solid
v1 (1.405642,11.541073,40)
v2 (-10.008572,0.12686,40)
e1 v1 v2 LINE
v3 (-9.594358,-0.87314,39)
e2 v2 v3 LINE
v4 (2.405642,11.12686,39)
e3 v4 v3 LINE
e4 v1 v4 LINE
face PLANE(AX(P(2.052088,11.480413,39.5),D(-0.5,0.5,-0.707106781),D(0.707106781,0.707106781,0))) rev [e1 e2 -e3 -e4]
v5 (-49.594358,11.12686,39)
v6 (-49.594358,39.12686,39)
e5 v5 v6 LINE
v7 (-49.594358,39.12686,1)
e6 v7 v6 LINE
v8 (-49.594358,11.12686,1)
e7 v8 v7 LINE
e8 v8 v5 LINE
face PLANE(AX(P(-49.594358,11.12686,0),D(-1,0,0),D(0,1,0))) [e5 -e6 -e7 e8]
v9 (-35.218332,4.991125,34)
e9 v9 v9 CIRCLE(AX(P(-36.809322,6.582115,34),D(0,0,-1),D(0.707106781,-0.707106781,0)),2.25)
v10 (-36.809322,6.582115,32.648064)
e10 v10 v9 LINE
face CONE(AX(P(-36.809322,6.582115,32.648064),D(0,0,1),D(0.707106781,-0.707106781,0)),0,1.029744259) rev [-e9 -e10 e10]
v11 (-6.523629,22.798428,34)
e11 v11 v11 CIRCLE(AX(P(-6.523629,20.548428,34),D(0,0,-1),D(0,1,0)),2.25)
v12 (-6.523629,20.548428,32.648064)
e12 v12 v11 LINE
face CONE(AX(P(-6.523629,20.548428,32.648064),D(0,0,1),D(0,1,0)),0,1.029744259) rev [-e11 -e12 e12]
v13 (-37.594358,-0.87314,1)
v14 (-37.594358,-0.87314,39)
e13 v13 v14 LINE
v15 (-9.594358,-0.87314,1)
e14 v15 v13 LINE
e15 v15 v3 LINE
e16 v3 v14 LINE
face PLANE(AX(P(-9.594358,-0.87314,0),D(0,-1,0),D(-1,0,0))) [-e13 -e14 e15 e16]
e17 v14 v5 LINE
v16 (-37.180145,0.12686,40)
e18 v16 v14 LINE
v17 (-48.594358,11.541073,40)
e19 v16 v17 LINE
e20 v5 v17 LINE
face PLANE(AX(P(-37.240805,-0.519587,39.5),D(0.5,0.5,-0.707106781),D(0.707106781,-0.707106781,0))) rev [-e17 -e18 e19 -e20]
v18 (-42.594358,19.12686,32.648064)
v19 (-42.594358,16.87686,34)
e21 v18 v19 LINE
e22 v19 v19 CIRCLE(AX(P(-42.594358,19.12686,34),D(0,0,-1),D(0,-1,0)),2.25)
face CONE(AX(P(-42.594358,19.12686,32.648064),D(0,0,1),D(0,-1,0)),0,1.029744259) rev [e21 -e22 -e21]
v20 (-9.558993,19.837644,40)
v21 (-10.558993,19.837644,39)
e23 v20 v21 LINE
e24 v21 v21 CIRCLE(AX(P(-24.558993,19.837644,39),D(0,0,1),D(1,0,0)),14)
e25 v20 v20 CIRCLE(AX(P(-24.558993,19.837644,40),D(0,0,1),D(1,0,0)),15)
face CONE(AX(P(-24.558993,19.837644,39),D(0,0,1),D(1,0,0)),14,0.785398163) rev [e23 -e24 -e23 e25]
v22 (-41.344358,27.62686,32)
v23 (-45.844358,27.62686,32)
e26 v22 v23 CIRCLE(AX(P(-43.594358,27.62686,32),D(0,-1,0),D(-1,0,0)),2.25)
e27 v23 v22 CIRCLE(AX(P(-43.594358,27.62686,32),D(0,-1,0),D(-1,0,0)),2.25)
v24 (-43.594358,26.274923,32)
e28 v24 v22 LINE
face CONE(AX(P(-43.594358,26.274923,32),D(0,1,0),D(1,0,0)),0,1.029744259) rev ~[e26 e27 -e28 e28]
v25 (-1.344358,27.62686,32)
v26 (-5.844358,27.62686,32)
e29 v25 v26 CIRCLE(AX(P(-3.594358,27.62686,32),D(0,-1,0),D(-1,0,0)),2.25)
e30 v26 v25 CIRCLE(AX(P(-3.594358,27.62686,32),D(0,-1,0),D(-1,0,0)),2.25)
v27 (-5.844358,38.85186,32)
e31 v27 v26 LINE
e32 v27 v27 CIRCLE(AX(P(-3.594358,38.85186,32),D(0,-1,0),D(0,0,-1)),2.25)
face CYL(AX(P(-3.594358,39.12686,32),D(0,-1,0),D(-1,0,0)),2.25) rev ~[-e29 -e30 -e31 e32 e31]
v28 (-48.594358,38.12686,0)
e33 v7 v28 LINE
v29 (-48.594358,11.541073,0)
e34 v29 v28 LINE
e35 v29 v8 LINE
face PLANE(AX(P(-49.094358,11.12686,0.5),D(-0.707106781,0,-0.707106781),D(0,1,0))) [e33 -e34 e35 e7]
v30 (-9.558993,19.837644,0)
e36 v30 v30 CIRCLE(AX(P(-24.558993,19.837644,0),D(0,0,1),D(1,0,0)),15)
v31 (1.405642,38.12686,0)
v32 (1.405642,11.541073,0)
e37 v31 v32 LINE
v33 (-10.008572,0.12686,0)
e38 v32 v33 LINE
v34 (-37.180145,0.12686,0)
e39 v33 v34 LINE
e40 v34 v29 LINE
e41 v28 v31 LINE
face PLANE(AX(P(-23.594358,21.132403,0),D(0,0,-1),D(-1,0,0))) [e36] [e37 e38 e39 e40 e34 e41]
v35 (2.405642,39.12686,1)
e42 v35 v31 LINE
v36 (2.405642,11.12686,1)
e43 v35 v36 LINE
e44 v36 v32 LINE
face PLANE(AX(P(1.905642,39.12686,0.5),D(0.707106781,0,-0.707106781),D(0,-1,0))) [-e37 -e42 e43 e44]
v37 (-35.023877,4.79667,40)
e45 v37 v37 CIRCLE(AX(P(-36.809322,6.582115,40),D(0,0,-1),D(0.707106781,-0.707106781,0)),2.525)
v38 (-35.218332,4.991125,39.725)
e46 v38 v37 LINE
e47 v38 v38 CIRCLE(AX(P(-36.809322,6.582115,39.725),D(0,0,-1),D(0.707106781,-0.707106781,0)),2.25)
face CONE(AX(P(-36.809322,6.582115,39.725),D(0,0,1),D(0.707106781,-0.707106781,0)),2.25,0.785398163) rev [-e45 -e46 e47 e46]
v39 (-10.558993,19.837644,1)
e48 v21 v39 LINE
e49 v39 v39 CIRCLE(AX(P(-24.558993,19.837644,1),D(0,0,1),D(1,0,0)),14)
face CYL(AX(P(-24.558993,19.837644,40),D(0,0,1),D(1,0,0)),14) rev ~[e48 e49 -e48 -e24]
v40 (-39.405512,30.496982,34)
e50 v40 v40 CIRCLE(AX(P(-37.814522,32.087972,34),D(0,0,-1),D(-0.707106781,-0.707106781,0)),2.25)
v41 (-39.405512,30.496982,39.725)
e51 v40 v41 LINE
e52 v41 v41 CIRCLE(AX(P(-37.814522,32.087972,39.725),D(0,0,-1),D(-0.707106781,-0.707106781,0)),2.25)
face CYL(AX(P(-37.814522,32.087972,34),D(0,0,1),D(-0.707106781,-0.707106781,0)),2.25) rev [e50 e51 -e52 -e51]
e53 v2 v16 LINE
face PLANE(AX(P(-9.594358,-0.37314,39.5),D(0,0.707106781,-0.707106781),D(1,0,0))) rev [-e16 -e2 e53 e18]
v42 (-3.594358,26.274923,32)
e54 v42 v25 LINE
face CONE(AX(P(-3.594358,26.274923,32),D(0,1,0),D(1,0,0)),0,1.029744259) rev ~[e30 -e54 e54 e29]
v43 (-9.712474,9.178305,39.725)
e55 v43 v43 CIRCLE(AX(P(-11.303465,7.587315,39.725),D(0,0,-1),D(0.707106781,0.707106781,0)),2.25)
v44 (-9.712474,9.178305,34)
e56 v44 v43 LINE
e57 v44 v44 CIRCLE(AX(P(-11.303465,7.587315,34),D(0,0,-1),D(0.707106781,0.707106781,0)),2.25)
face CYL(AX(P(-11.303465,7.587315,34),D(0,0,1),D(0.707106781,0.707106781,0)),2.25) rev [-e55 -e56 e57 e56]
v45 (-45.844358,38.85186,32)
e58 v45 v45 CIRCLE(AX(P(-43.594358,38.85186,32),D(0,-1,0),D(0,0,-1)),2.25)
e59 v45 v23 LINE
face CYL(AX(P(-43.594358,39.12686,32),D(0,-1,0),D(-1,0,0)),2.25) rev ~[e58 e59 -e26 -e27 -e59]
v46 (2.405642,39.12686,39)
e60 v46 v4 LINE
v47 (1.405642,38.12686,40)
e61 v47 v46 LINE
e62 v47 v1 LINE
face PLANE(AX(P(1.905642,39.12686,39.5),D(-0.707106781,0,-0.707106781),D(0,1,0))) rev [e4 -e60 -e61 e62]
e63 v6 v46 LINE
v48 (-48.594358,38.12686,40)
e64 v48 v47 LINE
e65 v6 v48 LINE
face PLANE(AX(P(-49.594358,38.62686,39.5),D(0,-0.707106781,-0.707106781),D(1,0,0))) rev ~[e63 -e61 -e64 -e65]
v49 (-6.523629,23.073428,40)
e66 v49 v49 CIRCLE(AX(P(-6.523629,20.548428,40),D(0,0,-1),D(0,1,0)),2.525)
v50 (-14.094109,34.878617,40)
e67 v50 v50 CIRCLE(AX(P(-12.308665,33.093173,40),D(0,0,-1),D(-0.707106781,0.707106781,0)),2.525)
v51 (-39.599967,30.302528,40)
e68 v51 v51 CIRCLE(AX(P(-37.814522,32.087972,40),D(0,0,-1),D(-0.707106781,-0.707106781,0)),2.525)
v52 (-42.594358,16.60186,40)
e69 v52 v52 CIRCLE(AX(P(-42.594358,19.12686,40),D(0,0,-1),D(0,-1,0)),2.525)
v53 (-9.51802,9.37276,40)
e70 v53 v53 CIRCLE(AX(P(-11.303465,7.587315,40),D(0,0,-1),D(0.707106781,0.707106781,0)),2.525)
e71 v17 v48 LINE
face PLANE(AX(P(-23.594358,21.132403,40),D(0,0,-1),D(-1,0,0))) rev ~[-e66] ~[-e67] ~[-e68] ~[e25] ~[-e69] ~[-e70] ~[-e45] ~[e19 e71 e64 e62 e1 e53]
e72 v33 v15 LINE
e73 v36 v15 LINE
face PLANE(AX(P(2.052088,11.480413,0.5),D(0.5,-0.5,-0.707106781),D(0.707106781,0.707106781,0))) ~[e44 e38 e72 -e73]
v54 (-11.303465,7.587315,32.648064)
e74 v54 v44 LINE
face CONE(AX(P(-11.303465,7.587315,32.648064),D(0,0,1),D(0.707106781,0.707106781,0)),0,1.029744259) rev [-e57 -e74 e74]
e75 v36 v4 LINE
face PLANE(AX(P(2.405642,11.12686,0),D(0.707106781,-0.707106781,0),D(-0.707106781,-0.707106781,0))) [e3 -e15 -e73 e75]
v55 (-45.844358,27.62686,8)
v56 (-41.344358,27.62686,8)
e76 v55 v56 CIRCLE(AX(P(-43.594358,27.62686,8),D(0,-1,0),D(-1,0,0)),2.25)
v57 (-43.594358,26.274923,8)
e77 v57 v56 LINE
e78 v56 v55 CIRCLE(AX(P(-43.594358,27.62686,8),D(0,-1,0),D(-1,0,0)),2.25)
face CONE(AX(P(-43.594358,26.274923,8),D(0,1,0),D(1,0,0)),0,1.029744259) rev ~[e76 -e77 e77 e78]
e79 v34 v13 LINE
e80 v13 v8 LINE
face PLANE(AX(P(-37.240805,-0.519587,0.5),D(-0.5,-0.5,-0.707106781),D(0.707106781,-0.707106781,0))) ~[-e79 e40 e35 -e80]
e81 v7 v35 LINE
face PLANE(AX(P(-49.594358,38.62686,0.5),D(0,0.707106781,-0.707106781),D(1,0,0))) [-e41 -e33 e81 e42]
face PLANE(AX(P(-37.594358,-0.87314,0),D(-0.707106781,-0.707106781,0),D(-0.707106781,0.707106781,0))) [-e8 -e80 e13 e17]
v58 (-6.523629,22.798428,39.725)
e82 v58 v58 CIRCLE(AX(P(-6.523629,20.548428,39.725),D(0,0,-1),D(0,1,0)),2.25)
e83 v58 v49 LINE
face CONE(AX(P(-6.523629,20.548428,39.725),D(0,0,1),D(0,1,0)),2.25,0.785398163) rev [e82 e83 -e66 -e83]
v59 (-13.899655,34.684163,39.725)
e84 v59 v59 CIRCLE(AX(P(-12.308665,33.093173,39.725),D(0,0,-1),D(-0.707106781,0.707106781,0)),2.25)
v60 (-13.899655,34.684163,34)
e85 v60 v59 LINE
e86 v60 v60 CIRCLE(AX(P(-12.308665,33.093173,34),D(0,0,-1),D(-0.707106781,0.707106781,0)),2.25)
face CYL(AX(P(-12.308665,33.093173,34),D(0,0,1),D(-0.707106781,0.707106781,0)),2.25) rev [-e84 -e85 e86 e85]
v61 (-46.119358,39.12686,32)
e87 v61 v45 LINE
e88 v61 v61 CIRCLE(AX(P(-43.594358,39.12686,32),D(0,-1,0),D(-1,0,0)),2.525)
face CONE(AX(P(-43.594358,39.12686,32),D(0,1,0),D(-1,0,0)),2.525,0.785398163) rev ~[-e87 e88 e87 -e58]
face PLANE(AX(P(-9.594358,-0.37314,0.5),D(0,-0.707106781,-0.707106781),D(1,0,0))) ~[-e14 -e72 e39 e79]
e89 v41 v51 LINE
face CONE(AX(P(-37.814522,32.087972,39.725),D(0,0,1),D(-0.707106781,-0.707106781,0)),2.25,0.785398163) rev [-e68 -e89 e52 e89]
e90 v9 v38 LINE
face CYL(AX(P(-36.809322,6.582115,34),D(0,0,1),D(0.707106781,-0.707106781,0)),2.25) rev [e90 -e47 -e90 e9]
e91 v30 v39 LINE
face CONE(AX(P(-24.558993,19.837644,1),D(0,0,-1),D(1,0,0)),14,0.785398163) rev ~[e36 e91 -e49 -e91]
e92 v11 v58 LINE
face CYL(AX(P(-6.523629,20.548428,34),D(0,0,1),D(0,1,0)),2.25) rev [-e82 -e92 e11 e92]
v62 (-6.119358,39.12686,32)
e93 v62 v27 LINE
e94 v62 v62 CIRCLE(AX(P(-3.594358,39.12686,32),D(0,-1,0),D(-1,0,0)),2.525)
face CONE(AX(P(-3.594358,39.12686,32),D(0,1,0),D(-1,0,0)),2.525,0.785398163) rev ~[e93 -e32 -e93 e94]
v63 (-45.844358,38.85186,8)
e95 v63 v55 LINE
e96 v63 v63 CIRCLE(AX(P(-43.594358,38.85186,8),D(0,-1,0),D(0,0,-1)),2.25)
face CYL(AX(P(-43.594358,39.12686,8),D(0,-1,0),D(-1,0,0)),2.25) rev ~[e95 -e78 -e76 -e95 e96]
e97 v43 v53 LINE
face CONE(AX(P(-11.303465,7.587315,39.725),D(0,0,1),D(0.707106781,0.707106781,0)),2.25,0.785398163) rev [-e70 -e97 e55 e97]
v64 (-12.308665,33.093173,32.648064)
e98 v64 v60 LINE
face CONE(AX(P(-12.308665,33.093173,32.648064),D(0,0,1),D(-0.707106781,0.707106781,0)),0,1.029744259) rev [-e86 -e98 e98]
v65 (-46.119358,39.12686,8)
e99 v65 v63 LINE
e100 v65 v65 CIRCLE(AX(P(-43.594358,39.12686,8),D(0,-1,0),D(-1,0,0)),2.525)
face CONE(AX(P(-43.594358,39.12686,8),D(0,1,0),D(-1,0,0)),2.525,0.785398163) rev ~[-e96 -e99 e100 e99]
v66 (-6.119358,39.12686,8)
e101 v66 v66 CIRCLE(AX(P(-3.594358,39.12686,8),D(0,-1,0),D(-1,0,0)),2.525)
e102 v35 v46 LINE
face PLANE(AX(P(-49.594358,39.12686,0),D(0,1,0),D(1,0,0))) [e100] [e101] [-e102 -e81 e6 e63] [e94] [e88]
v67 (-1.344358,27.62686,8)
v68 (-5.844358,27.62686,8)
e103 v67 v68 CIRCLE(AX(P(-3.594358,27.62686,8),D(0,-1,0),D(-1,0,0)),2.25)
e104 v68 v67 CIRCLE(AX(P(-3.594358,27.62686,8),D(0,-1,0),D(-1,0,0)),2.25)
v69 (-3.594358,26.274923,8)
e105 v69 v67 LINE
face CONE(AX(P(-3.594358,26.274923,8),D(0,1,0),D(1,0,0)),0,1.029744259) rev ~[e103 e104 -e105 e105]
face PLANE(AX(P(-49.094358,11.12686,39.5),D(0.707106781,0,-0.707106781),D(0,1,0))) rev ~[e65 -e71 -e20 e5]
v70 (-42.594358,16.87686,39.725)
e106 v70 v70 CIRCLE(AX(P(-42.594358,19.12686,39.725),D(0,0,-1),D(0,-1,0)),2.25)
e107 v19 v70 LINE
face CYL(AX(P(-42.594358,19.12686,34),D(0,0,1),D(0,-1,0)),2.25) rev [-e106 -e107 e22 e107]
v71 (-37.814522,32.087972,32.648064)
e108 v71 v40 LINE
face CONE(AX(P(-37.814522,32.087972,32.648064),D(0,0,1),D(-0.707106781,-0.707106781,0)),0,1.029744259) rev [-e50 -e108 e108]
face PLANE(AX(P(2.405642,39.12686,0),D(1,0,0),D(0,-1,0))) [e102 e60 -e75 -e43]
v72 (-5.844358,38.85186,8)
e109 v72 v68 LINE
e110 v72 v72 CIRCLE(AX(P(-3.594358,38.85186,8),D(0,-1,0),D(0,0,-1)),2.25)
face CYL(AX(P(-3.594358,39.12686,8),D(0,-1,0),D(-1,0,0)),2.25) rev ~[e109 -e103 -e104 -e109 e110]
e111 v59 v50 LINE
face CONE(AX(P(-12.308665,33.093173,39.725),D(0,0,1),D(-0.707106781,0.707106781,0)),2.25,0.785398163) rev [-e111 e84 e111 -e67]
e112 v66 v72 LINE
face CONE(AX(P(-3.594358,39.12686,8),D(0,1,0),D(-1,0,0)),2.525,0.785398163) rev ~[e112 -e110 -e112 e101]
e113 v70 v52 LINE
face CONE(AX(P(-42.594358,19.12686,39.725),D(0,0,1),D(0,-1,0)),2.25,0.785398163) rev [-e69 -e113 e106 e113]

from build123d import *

# Parameters (mm, degrees)
BOSS_EXTRUDE1_DEPTH             = 40
SKETCH2_R                       = 14
CUT_EXTRUDE1_DEPTH              = 40
M5X0_5_TAPPED_HOLE4_D           = 4.5
M5X0_5_TAPPED_HOLE4_DEPTH       = 11.5
M5X0_5_TAPPED_HOLE4_CSINK_D     = 5.05
M5X0_5_TAPPED_HOLE4_CSINK_ANGLE = 90
M5X0_5_TAPPED_HOLE4_TIP         = 1.351936393
CIRPATTERN1_COUNT               = 8
CHAMFER1_SIZE                   = 1
CHAMFER2_SIZE                   = 1


with BuildPart() as part:
    # Sketch1 → Boss-Extrude1 (new body)
    with BuildSketch(Plane.XY):
        Polygon((-49.594358144, 39.126859892), (2.405641856, 39.126859892), (2.405641856, 11.126859892), (-9.594358144, -0.873140108), (-37.594358144, -0.873140108), (-49.594358144, 11.126859892), align=None)
    extrude(amount=BOSS_EXTRUDE1_DEPTH)

    # Sketch2 → Cut-Extrude1 (cut)
    with BuildSketch(Plane.XY.offset(40)):
        with Locations((-24.558993323, 19.837643708)):
            Circle(SKETCH2_R)
    extrude(amount=-CUT_EXTRUDE1_DEPTH, mode=Mode.SUBTRACT)

    # M5x0.5 Tapped Hole4
    with Locations(Plane(origin=(0, 39.126859892, 0), x_dir=(1, 0, 0), z_dir=(0, 1, 0))):
        with Locations((-43.594358144, -32), (-3.594358144, -32), (-3.594358144, -8), (-43.594358144, -8)):
            CounterSinkHole(M5X0_5_TAPPED_HOLE4_D / 2, M5X0_5_TAPPED_HOLE4_CSINK_D / 2, depth=M5X0_5_TAPPED_HOLE4_DEPTH, counter_sink_angle=M5X0_5_TAPPED_HOLE4_CSINK_ANGLE)
            with Locations((0, 0, -(M5X0_5_TAPPED_HOLE4_DEPTH + M5X0_5_TAPPED_HOLE4_TIP / 2))):  # 118° drill point
                Cone(0, M5X0_5_TAPPED_HOLE4_D / 2, M5X0_5_TAPPED_HOLE4_TIP, mode=Mode.SUBTRACT)

    # Sketch15 → M5x0.5 Tapped Hole5 (revolve, cut)
    with BuildSketch(Plane(origin=(-42.594358144, 19.126859892, 40), x_dir=(0, -1, 0), z_dir=(1, 0, 0))):
        Polygon((0, 0), (0, 7.351936393), (2.25, 6), (2.25, 0.275), (2.525, 0), align=None)
    m5x0_5_tapped_hole5 = revolve(axis=Axis((-42.594358144, 19.126859892, 46.35), (0, 0, -1)), mode=Mode.SUBTRACT)

    # CirPattern1: M5x0.5 Tapped Hole5 ×8 about axis, 2 skipped
    cirpattern1_axis = Axis((-24.558993323, 19.837643708, 0), (0, 0, 1))
    add([m5x0_5_tapped_hole5.rotate(cirpattern1_axis, i * 360 / CIRPATTERN1_COUNT) for i in range(1, CIRPATTERN1_COUNT) if i not in (2, 6)], mode=Mode.SUBTRACT)

    # Chamfer1
    chamfer1_edges = [part.edges().sort_by_distance(p)[0] for p in [
        (-23.594358144, -0.873140108, 40),
        (-3.594358144, 5.126859892, 40),
        (2.405641856, 25.126859892, 40),
        (-23.594358144, 39.126859892, 40),
        (-49.594358144, 25.126859892, 40),
        (-23.594358144, 39.126859892, 0),
        (2.405641856, 25.126859892, 0),
        (-3.594358144, 5.126859892, 0),
        (-23.594358144, -0.873140108, 0),
        (-43.594358144, 5.126859892, 0),
        (-49.594358144, 25.126859892, 0),
        (-43.594358144, 5.126859892, 40),
    ]]
    chamfer(chamfer1_edges, length=CHAMFER1_SIZE)

    # Chamfer2
    chamfer2_edges = [part.edges().sort_by_distance(p)[0] for p in [
        (-38.558993323, 19.837643708, 0),
        (-38.558993323, 19.837643708, 40),
    ]]
    chamfer(chamfer2_edges, length=CHAMFER2_SIZE)


solid = part.part
